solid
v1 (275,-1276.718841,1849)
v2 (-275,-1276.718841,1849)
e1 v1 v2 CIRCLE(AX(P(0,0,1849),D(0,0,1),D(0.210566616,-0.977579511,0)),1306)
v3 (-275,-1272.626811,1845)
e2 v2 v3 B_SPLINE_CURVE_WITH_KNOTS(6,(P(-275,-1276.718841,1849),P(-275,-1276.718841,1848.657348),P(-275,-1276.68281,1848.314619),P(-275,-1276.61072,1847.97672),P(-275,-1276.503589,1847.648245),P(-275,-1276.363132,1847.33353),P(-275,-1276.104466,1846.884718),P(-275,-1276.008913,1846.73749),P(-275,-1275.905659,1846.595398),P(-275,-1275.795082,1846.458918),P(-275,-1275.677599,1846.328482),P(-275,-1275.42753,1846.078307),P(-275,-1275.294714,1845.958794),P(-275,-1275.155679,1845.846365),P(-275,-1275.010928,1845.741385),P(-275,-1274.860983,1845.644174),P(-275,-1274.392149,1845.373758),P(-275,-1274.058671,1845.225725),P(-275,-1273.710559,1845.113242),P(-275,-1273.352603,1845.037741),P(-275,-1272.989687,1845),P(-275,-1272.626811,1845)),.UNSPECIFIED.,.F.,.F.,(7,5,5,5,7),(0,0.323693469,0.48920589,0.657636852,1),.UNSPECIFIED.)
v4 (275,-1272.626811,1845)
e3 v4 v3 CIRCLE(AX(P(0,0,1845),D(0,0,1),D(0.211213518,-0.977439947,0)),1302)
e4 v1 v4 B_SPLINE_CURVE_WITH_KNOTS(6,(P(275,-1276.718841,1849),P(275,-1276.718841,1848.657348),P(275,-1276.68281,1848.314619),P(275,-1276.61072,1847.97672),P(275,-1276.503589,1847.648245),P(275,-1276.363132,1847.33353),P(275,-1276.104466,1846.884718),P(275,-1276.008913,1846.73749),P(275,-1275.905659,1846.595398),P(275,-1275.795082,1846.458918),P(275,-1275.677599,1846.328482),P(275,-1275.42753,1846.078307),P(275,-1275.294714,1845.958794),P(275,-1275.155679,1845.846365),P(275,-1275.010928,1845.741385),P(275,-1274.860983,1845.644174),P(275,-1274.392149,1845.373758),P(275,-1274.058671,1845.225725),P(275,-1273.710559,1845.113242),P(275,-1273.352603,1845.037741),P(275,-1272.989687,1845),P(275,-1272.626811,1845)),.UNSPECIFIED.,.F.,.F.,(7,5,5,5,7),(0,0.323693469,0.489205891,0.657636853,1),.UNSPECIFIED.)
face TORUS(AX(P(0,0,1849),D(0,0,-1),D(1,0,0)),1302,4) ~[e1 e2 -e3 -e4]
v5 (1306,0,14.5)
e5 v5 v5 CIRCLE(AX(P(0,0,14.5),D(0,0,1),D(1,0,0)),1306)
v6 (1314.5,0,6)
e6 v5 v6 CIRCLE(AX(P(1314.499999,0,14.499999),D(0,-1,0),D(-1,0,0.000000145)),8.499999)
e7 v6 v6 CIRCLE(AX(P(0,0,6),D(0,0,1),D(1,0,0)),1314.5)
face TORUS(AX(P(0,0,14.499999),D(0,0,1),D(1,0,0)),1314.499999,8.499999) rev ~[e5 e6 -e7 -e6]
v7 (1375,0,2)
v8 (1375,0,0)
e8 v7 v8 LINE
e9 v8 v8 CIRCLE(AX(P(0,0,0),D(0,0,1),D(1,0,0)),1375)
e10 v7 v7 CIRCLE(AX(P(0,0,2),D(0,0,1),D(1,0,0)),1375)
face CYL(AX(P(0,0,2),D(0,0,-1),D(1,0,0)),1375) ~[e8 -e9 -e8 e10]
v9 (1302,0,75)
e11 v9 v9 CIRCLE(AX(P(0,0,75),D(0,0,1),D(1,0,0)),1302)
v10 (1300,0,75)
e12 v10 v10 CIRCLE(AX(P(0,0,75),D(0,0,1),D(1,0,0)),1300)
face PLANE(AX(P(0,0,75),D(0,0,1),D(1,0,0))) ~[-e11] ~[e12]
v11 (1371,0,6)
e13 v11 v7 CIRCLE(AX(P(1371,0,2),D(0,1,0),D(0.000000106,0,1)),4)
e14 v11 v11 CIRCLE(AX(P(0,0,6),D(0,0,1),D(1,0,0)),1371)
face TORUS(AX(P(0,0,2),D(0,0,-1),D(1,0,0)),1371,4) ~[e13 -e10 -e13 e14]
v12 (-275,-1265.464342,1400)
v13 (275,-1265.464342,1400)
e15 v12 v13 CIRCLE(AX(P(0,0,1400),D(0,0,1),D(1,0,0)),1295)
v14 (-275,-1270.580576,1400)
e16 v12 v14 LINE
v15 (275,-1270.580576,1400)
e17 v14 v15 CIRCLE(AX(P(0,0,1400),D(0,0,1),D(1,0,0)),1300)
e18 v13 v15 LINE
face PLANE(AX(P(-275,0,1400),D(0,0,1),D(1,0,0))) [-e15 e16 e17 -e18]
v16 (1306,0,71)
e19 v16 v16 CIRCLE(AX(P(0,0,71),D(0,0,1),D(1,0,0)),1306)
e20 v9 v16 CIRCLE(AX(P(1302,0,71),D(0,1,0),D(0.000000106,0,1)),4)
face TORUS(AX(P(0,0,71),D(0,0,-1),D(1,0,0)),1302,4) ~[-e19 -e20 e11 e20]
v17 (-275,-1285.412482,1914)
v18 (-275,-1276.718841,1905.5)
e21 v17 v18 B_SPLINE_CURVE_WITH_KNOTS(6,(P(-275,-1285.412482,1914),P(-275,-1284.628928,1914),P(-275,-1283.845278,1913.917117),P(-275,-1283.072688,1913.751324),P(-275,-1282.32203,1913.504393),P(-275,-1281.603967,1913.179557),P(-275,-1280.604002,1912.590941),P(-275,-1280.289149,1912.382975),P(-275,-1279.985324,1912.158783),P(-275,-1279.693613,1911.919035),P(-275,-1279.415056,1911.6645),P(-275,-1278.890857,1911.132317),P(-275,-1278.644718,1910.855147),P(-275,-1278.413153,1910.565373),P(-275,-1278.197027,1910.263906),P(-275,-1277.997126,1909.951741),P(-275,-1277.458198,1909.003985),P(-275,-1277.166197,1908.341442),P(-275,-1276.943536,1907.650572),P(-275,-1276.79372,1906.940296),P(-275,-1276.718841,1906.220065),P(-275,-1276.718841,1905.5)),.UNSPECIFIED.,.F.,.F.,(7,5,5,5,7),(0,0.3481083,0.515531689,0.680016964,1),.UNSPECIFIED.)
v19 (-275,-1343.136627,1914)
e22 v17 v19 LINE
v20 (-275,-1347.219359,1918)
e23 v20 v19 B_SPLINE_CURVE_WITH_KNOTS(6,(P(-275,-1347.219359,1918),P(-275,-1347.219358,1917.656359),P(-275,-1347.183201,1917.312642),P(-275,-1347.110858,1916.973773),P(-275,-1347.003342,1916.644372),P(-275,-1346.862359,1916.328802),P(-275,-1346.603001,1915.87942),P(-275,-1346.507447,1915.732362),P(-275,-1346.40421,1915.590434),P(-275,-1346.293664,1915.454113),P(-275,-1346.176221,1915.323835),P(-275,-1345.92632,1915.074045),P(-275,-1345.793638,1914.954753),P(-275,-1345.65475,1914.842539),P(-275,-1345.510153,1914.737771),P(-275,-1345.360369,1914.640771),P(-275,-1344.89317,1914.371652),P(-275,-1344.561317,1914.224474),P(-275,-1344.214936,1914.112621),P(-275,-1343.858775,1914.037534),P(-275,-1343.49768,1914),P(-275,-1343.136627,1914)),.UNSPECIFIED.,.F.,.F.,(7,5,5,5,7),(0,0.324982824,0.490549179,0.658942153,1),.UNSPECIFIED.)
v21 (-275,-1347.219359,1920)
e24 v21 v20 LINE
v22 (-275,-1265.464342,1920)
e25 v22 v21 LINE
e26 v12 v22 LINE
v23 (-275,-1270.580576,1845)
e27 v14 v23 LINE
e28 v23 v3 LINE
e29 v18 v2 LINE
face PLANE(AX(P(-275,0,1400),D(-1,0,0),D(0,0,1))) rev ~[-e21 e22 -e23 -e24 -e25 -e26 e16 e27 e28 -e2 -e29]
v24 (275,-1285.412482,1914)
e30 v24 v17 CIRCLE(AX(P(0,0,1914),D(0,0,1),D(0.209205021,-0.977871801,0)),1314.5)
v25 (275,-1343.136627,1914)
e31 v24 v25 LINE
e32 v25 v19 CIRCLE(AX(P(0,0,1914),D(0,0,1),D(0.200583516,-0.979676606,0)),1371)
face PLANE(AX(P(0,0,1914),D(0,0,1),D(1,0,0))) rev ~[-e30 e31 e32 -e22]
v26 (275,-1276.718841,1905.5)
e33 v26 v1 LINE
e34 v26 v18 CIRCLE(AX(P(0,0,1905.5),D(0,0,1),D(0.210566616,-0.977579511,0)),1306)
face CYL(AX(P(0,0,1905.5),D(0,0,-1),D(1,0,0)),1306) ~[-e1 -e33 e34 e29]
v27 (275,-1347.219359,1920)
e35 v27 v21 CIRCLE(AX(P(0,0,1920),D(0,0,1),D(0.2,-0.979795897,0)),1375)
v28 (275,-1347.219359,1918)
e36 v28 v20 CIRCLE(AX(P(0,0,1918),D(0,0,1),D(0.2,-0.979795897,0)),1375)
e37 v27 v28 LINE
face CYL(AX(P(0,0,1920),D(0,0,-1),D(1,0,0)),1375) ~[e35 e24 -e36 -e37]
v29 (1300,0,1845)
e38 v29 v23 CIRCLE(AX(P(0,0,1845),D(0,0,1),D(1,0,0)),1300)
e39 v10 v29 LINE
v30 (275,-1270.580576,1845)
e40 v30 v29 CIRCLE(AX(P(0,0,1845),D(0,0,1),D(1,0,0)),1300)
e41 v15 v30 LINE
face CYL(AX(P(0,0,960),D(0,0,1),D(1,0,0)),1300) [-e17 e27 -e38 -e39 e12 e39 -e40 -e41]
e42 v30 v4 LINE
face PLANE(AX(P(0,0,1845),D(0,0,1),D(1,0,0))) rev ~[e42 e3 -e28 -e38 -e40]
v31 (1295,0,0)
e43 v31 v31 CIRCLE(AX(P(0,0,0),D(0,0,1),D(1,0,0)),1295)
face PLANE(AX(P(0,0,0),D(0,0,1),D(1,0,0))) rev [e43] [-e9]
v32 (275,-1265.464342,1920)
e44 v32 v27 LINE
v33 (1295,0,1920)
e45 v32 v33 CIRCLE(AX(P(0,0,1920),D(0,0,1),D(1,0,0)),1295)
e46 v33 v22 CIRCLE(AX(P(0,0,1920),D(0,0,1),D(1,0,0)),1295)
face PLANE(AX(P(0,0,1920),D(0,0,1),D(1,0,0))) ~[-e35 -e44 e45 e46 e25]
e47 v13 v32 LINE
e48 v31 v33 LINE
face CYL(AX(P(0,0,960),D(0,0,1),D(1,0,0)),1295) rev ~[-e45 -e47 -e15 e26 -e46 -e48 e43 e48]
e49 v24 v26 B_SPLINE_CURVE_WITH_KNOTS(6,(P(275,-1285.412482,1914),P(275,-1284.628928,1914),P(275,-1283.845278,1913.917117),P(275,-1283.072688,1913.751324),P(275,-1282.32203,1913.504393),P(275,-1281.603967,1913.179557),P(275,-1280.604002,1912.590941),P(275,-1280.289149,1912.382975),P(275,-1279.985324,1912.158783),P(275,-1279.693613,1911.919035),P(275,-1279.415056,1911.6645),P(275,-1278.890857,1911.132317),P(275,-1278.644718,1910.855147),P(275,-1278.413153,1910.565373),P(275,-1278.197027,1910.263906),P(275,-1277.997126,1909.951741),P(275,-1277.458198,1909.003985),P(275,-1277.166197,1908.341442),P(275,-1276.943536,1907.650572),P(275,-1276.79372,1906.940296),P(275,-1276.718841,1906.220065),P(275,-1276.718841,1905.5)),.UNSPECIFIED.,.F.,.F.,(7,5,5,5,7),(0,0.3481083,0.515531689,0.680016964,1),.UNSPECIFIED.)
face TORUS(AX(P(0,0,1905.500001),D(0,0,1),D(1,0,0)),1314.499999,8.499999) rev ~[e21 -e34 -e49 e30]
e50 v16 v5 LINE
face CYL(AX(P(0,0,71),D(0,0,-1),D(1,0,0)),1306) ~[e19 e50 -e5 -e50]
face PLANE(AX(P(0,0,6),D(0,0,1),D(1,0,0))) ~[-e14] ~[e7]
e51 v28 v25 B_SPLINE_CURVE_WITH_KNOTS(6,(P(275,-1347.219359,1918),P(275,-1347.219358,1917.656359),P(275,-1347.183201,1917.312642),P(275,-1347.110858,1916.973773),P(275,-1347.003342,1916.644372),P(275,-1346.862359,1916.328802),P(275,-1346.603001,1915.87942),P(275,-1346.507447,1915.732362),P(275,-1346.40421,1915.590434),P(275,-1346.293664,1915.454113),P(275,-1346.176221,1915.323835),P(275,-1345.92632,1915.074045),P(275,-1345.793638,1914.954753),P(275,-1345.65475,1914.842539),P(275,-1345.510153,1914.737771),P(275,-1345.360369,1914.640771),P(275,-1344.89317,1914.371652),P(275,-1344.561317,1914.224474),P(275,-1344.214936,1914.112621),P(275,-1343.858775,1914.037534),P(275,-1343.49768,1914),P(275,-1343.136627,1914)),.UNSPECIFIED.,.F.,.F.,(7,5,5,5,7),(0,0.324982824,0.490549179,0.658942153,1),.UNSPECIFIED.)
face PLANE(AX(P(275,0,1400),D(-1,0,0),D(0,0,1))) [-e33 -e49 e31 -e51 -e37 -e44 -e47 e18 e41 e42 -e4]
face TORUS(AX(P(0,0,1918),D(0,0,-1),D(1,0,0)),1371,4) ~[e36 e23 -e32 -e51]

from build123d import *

# Parameters (mm, degrees)
SKETCH001_W   = 550
SKETCH001_H   = 520
EXTRUDE_DEPTH = 1700
SKETCH_W      = 5
SKETCH_H      = 1920


with BuildPart() as extrude_body:
    # Sketch001 → Extrude (new body)
    with BuildSketch(Plane.XZ):
        with Locations((0, 1660)):
            Rectangle(SKETCH001_W, SKETCH001_H)
    extrude(amount=EXTRUDE_DEPTH)


with BuildPart() as revolve001:
    # AngleSteel → Revolve001 (revolve)
    with BuildSketch(Plane(origin=(1320.58985, 0, 20.58985), x_dir=(1, 0, 0), z_dir=(0, 1, 0))):
        with BuildLine():
            Line((-20.58985, 20.58985), (-20.58985, -54.41015))
            Line((-20.58985, -54.41015), (-18.58985, -54.41015))
            ThreePointArc((-18.58985, -54.41015), (-15.761423, -53.238577), (-14.58985, -50.41015))
            Line((-14.58985, -50.41015), (-14.58985, 6.08985))
            ThreePointArc((-14.58985, 6.08985), (-12.100258, 12.100258), (-6.08985, 14.58985))
            Line((-6.08985, 14.58985), (50.41015, 14.58985))
            ThreePointArc((50.41015, 14.58985), (53.238577, 15.761423), (54.41015, 18.58985))
            Line((54.41015, 18.58985), (54.41015, 20.58985))
            Line((54.41015, 20.58985), (-20.58985, 20.58985))
        make_face()
    revolve(axis=Axis((0, 0, 0), (0, 0, 1)))


with BuildPart() as revolve002:
    # AngleSteel001 → Revolve002 (revolve)
    with BuildSketch(Plane(origin=(1320.58985, 0, 1899.41015), x_dir=(1, 0, 0), z_dir=(0, 1, 0))):
        with BuildLine():
            Line((-20.58985, -20.58985), (54.41015, -20.58985))
            Line((54.41015, -20.58985), (54.41015, -18.58985))
            ThreePointArc((54.41015, -18.58985), (53.238577, -15.761423), (50.41015, -14.58985))
            Line((50.41015, -14.58985), (-6.08985, -14.58985))
            ThreePointArc((-6.08985, -14.58985), (-12.100258, -12.100258), (-14.58985, -6.08985))
            Line((-14.58985, -6.08985), (-14.58985, 50.41015))
            ThreePointArc((-14.58985, 50.41015), (-15.761423, 53.238577), (-18.58985, 54.41015))
            Line((-18.58985, 54.41015), (-20.58985, 54.41015))
            Line((-20.58985, 54.41015), (-20.58985, -20.58985))
        make_face()
    revolve(axis=Axis((0, 0, 0), (0, 0, 1)))


with BuildPart() as cut:
    # Sketch → Revolve (revolve)
    with BuildSketch(Plane.XZ):
        with Locations((1297.5, 960)):
            Rectangle(SKETCH_W, SKETCH_H)
    revolve(axis=Axis((0, 0, 0), (0, 0, 1)))

    # Fusion: union Revolve001, Revolve002
    add(revolve001.part)
    add(revolve002.part)

    # Cut: cut Extrude body
    add(extrude_body.part, mode=Mode.SUBTRACT)


solid = cut.part
